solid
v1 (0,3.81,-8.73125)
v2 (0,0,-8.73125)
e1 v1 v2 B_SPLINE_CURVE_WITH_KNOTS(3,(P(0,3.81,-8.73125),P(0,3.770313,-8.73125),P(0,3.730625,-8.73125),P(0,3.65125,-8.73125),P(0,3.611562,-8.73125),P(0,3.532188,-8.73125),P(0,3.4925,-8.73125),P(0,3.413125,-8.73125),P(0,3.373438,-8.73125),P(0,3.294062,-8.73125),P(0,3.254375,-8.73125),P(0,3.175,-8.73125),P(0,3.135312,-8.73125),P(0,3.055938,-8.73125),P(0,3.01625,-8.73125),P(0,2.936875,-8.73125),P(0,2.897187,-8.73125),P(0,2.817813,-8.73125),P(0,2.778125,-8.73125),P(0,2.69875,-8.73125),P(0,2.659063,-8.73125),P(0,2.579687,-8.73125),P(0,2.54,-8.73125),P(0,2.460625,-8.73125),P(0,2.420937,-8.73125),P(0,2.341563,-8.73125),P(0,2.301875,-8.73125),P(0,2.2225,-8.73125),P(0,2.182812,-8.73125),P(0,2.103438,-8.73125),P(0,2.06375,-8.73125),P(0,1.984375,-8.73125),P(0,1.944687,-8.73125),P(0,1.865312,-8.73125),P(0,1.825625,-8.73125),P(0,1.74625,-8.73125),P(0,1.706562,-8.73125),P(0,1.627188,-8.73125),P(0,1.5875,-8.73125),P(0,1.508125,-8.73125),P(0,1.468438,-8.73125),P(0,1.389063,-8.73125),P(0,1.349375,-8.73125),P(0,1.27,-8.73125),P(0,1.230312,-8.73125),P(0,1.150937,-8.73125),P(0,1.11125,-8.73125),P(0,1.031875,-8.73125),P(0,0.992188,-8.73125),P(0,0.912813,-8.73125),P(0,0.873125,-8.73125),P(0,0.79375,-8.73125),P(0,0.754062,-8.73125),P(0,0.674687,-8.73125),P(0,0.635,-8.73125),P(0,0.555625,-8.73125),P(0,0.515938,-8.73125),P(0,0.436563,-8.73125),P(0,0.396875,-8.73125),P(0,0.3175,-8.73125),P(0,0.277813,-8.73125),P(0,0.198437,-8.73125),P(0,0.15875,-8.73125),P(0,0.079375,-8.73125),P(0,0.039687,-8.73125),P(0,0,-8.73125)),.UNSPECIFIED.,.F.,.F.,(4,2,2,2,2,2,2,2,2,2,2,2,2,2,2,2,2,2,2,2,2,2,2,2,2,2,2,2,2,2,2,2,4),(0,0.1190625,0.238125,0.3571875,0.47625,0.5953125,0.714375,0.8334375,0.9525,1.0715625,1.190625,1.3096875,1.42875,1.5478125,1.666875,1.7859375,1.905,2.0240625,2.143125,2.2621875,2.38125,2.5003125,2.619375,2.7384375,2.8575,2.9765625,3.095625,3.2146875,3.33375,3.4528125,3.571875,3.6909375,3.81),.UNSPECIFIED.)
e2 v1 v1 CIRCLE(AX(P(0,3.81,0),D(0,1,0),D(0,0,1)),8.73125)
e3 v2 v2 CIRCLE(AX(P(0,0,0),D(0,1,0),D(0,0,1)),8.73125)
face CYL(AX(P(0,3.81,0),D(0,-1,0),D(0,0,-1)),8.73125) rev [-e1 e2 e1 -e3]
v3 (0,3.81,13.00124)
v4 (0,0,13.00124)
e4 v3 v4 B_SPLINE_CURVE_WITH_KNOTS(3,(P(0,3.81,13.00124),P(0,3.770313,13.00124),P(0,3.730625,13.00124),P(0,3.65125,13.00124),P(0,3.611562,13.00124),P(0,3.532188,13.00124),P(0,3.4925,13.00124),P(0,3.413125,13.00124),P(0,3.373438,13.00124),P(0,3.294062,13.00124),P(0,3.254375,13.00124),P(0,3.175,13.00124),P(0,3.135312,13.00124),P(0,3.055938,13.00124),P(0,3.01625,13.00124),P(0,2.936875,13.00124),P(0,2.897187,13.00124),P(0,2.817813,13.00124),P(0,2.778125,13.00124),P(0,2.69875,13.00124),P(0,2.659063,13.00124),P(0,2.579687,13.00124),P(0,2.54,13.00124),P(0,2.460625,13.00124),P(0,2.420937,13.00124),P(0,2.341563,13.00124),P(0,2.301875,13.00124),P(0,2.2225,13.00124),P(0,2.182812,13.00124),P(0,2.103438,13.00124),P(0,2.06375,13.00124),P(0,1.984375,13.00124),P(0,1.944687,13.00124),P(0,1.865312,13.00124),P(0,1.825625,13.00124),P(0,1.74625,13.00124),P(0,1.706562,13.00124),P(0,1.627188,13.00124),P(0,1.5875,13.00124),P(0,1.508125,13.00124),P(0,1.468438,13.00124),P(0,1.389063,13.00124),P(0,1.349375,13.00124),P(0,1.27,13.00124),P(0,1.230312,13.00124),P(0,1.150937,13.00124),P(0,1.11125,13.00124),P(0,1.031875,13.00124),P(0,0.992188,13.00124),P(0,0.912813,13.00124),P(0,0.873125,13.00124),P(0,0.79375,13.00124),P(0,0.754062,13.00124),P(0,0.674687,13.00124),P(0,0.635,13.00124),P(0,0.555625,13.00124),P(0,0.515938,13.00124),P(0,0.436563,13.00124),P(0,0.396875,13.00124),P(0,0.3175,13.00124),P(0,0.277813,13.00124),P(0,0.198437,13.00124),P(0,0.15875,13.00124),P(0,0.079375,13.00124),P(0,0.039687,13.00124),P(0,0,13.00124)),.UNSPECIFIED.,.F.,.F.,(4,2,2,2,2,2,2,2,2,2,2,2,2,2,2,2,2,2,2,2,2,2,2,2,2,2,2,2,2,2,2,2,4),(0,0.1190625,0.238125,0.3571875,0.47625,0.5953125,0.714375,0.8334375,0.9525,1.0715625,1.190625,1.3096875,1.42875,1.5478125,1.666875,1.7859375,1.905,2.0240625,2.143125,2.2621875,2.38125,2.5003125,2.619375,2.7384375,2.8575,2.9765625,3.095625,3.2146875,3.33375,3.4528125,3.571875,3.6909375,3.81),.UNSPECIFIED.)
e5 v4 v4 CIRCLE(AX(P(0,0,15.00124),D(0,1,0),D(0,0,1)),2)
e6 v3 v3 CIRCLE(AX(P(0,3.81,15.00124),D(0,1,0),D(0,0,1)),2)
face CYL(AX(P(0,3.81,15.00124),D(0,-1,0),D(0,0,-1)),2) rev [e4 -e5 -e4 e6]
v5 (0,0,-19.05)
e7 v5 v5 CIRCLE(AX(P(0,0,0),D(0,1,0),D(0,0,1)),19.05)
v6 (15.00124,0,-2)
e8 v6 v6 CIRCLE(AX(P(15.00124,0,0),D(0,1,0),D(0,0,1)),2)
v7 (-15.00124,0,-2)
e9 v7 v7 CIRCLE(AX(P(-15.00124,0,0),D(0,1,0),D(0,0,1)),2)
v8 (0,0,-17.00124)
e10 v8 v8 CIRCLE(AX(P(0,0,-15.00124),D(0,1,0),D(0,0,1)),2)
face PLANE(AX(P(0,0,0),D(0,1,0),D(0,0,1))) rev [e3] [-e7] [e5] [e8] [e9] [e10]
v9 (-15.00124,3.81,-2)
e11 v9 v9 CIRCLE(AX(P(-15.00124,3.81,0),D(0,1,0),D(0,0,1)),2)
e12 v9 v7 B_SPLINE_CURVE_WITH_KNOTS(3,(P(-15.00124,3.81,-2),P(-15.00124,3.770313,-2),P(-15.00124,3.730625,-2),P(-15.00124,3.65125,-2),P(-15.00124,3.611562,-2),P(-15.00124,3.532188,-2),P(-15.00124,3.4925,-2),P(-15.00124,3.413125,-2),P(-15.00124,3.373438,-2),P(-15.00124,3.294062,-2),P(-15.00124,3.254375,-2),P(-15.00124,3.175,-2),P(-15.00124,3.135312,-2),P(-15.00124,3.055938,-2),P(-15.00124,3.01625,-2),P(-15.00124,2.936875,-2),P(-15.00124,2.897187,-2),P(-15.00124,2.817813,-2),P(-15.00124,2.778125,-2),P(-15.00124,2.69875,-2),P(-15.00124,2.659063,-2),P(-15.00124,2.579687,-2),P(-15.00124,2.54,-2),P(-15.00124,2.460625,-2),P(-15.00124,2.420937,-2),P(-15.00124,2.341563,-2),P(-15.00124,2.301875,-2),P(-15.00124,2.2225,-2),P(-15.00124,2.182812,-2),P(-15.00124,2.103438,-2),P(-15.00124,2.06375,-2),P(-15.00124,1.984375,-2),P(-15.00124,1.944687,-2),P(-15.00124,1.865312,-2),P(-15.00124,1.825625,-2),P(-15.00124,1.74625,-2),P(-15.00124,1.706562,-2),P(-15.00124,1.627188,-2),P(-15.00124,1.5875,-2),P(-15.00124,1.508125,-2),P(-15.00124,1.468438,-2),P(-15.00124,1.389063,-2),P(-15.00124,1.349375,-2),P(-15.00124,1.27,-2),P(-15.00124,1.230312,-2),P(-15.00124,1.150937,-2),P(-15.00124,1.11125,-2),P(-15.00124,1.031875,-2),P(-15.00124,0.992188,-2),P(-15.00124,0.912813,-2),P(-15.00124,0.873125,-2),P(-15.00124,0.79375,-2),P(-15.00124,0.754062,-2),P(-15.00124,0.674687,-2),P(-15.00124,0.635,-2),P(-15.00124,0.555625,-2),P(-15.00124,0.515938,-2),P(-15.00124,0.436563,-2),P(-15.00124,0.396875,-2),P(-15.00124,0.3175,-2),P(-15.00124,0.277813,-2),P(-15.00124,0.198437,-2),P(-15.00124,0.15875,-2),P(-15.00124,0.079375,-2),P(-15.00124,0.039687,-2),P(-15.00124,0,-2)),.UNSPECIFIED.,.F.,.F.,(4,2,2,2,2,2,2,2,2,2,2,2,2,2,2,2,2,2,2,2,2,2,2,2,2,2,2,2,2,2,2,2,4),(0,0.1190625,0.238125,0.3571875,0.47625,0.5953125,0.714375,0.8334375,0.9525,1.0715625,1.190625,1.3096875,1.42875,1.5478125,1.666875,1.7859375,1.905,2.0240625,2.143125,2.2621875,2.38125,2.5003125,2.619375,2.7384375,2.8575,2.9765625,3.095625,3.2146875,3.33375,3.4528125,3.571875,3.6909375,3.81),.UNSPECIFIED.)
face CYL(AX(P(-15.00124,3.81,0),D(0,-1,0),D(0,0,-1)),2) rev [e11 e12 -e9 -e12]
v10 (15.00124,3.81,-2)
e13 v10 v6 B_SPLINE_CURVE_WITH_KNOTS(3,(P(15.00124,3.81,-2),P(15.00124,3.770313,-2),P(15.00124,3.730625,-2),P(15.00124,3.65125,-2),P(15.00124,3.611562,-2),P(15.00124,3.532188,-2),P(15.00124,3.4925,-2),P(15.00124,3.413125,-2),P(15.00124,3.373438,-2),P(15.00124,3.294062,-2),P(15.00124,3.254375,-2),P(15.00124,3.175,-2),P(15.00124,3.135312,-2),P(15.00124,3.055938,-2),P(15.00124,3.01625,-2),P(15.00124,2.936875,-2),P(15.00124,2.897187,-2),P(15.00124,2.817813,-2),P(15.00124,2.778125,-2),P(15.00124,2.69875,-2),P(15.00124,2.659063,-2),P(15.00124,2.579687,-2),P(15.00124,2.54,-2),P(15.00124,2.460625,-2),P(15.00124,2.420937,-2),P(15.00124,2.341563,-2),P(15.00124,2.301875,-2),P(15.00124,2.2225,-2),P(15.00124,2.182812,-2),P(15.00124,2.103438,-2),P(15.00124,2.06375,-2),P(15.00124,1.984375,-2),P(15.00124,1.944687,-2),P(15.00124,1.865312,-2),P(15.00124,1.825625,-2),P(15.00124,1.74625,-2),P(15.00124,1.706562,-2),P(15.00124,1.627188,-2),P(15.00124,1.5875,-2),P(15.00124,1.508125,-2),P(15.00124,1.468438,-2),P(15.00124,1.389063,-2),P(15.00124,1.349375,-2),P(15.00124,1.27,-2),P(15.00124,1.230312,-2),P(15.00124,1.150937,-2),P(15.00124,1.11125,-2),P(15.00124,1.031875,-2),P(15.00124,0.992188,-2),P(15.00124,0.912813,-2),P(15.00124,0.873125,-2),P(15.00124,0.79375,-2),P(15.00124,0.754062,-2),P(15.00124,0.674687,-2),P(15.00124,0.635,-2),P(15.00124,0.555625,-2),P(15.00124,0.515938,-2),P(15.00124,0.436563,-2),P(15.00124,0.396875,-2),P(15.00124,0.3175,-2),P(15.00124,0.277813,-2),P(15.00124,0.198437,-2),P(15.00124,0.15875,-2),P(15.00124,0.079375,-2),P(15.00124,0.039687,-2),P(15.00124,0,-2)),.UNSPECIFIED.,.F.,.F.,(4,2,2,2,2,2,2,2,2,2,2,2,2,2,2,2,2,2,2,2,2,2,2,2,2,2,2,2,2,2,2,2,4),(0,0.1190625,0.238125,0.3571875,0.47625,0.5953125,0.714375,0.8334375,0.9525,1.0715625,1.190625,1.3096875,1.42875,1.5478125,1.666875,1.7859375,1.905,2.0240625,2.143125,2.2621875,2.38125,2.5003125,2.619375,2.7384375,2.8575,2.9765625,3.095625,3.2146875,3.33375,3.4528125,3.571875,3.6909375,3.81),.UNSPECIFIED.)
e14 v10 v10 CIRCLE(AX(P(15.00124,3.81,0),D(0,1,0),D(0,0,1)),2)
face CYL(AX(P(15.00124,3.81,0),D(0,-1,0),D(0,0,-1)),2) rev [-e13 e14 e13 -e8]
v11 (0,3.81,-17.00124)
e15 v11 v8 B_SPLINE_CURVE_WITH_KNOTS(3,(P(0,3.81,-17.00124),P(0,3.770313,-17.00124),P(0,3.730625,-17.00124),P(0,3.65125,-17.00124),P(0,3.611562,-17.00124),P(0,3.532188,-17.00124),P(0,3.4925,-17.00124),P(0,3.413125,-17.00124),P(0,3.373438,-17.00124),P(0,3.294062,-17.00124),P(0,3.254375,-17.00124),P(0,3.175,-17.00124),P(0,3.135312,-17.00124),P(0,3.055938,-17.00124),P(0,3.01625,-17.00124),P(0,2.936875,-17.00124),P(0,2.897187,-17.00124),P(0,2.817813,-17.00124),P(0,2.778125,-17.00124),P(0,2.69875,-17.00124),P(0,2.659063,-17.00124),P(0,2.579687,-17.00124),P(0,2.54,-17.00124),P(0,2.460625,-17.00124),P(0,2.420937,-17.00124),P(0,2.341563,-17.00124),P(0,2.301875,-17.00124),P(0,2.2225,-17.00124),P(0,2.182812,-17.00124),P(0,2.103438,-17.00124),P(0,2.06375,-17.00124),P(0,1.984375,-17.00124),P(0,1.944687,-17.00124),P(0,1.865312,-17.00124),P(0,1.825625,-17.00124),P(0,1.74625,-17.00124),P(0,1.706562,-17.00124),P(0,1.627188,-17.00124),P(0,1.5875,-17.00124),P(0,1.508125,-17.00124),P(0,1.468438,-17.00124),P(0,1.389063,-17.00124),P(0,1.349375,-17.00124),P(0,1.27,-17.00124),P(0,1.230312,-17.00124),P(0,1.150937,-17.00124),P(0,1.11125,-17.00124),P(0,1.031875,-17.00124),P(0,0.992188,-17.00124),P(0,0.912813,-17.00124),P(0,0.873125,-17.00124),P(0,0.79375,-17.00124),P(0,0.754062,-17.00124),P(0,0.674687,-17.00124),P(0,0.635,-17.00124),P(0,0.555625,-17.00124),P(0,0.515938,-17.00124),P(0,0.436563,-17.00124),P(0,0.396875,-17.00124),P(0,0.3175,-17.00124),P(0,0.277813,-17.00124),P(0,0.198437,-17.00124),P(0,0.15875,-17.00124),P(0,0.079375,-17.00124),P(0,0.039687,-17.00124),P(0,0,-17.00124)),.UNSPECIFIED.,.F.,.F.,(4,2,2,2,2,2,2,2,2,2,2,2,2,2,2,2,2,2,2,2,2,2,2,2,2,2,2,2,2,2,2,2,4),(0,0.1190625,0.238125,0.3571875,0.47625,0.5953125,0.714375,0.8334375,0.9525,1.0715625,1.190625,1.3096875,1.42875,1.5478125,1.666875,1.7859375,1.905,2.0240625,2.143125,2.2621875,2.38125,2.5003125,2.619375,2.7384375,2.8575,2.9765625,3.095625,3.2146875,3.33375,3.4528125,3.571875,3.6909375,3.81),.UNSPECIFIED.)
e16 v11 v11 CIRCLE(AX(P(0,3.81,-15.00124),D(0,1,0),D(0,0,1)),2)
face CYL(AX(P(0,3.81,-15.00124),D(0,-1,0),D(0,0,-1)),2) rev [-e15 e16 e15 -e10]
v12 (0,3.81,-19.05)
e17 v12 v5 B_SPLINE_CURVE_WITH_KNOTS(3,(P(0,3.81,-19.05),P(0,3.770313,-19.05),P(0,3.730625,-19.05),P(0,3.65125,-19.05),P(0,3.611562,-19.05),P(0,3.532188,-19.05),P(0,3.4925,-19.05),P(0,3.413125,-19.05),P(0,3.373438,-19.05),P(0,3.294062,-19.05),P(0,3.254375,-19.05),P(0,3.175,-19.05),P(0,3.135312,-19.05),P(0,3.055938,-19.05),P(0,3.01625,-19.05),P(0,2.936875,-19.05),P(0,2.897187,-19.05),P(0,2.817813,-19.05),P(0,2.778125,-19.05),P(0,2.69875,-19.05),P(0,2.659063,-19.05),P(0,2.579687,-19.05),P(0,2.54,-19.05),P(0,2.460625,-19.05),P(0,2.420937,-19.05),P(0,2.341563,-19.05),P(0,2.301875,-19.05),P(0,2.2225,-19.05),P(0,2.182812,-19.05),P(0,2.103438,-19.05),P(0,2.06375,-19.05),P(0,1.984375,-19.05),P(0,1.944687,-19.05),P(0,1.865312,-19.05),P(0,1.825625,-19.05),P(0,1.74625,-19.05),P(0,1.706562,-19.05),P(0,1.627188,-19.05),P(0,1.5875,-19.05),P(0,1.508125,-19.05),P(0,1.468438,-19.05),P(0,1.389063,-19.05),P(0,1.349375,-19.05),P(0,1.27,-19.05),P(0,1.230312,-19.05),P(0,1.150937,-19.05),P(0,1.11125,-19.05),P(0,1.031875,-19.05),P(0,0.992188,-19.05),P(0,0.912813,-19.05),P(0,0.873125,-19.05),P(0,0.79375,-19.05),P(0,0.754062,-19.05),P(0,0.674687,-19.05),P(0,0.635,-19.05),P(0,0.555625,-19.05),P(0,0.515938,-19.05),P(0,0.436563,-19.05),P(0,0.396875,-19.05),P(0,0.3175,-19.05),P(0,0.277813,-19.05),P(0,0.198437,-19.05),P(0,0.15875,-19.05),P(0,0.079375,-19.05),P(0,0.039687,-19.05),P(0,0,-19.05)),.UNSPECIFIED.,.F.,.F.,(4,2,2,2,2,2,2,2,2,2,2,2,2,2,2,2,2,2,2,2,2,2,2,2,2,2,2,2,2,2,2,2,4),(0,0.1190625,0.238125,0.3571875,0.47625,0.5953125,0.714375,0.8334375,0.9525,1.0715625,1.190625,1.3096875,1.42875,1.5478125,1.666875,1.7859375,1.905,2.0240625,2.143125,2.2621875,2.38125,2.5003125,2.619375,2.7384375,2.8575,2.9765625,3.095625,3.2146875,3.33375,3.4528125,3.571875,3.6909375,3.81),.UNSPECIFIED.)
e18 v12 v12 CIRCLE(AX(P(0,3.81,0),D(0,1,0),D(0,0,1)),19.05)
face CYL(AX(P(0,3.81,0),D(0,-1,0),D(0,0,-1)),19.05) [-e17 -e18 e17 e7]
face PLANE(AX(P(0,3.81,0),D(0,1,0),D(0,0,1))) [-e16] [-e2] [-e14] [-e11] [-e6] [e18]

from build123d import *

# Parameters (mm, degrees)
SKETCH1_R           = 19.05
SKETCH1_R_2         = 8.73125
SKETCH1_R_3         = 2
BOSS_EXTRUDE1_DEPTH = 3.81


with BuildPart() as part:
    # Sketch1 → Boss-Extrude1 (new body)
    with BuildSketch(Plane(origin=(0, 0, 0), x_dir=(1, 0, 0), z_dir=(0, 1, 0))):
        with Locations(Location((0, 0, 0), (0, 0, 90))):
            Circle(SKETCH1_R)
        with Locations(Location((0, 0, 0), (0, 0, 90))):
            Circle(SKETCH1_R_2, mode=Mode.SUBTRACT)
        with Locations(Location((15.00124, 0, 0), (0, 0, 90))):
            Circle(SKETCH1_R_3, mode=Mode.SUBTRACT)
        with Locations(Location((0, 15.00124, 0), (0, 0, 90))):
            Circle(SKETCH1_R_3, mode=Mode.SUBTRACT)
        with Locations(Location((-15.00124, 0, 0), (0, 0, 90))):
            Circle(SKETCH1_R_3, mode=Mode.SUBTRACT)
        with Locations(Location((0, -15.00124, 0), (0, 0, 90))):
            Circle(SKETCH1_R_3, mode=Mode.SUBTRACT)
    extrude(amount=BOSS_EXTRUDE1_DEPTH)


solid = part.part
